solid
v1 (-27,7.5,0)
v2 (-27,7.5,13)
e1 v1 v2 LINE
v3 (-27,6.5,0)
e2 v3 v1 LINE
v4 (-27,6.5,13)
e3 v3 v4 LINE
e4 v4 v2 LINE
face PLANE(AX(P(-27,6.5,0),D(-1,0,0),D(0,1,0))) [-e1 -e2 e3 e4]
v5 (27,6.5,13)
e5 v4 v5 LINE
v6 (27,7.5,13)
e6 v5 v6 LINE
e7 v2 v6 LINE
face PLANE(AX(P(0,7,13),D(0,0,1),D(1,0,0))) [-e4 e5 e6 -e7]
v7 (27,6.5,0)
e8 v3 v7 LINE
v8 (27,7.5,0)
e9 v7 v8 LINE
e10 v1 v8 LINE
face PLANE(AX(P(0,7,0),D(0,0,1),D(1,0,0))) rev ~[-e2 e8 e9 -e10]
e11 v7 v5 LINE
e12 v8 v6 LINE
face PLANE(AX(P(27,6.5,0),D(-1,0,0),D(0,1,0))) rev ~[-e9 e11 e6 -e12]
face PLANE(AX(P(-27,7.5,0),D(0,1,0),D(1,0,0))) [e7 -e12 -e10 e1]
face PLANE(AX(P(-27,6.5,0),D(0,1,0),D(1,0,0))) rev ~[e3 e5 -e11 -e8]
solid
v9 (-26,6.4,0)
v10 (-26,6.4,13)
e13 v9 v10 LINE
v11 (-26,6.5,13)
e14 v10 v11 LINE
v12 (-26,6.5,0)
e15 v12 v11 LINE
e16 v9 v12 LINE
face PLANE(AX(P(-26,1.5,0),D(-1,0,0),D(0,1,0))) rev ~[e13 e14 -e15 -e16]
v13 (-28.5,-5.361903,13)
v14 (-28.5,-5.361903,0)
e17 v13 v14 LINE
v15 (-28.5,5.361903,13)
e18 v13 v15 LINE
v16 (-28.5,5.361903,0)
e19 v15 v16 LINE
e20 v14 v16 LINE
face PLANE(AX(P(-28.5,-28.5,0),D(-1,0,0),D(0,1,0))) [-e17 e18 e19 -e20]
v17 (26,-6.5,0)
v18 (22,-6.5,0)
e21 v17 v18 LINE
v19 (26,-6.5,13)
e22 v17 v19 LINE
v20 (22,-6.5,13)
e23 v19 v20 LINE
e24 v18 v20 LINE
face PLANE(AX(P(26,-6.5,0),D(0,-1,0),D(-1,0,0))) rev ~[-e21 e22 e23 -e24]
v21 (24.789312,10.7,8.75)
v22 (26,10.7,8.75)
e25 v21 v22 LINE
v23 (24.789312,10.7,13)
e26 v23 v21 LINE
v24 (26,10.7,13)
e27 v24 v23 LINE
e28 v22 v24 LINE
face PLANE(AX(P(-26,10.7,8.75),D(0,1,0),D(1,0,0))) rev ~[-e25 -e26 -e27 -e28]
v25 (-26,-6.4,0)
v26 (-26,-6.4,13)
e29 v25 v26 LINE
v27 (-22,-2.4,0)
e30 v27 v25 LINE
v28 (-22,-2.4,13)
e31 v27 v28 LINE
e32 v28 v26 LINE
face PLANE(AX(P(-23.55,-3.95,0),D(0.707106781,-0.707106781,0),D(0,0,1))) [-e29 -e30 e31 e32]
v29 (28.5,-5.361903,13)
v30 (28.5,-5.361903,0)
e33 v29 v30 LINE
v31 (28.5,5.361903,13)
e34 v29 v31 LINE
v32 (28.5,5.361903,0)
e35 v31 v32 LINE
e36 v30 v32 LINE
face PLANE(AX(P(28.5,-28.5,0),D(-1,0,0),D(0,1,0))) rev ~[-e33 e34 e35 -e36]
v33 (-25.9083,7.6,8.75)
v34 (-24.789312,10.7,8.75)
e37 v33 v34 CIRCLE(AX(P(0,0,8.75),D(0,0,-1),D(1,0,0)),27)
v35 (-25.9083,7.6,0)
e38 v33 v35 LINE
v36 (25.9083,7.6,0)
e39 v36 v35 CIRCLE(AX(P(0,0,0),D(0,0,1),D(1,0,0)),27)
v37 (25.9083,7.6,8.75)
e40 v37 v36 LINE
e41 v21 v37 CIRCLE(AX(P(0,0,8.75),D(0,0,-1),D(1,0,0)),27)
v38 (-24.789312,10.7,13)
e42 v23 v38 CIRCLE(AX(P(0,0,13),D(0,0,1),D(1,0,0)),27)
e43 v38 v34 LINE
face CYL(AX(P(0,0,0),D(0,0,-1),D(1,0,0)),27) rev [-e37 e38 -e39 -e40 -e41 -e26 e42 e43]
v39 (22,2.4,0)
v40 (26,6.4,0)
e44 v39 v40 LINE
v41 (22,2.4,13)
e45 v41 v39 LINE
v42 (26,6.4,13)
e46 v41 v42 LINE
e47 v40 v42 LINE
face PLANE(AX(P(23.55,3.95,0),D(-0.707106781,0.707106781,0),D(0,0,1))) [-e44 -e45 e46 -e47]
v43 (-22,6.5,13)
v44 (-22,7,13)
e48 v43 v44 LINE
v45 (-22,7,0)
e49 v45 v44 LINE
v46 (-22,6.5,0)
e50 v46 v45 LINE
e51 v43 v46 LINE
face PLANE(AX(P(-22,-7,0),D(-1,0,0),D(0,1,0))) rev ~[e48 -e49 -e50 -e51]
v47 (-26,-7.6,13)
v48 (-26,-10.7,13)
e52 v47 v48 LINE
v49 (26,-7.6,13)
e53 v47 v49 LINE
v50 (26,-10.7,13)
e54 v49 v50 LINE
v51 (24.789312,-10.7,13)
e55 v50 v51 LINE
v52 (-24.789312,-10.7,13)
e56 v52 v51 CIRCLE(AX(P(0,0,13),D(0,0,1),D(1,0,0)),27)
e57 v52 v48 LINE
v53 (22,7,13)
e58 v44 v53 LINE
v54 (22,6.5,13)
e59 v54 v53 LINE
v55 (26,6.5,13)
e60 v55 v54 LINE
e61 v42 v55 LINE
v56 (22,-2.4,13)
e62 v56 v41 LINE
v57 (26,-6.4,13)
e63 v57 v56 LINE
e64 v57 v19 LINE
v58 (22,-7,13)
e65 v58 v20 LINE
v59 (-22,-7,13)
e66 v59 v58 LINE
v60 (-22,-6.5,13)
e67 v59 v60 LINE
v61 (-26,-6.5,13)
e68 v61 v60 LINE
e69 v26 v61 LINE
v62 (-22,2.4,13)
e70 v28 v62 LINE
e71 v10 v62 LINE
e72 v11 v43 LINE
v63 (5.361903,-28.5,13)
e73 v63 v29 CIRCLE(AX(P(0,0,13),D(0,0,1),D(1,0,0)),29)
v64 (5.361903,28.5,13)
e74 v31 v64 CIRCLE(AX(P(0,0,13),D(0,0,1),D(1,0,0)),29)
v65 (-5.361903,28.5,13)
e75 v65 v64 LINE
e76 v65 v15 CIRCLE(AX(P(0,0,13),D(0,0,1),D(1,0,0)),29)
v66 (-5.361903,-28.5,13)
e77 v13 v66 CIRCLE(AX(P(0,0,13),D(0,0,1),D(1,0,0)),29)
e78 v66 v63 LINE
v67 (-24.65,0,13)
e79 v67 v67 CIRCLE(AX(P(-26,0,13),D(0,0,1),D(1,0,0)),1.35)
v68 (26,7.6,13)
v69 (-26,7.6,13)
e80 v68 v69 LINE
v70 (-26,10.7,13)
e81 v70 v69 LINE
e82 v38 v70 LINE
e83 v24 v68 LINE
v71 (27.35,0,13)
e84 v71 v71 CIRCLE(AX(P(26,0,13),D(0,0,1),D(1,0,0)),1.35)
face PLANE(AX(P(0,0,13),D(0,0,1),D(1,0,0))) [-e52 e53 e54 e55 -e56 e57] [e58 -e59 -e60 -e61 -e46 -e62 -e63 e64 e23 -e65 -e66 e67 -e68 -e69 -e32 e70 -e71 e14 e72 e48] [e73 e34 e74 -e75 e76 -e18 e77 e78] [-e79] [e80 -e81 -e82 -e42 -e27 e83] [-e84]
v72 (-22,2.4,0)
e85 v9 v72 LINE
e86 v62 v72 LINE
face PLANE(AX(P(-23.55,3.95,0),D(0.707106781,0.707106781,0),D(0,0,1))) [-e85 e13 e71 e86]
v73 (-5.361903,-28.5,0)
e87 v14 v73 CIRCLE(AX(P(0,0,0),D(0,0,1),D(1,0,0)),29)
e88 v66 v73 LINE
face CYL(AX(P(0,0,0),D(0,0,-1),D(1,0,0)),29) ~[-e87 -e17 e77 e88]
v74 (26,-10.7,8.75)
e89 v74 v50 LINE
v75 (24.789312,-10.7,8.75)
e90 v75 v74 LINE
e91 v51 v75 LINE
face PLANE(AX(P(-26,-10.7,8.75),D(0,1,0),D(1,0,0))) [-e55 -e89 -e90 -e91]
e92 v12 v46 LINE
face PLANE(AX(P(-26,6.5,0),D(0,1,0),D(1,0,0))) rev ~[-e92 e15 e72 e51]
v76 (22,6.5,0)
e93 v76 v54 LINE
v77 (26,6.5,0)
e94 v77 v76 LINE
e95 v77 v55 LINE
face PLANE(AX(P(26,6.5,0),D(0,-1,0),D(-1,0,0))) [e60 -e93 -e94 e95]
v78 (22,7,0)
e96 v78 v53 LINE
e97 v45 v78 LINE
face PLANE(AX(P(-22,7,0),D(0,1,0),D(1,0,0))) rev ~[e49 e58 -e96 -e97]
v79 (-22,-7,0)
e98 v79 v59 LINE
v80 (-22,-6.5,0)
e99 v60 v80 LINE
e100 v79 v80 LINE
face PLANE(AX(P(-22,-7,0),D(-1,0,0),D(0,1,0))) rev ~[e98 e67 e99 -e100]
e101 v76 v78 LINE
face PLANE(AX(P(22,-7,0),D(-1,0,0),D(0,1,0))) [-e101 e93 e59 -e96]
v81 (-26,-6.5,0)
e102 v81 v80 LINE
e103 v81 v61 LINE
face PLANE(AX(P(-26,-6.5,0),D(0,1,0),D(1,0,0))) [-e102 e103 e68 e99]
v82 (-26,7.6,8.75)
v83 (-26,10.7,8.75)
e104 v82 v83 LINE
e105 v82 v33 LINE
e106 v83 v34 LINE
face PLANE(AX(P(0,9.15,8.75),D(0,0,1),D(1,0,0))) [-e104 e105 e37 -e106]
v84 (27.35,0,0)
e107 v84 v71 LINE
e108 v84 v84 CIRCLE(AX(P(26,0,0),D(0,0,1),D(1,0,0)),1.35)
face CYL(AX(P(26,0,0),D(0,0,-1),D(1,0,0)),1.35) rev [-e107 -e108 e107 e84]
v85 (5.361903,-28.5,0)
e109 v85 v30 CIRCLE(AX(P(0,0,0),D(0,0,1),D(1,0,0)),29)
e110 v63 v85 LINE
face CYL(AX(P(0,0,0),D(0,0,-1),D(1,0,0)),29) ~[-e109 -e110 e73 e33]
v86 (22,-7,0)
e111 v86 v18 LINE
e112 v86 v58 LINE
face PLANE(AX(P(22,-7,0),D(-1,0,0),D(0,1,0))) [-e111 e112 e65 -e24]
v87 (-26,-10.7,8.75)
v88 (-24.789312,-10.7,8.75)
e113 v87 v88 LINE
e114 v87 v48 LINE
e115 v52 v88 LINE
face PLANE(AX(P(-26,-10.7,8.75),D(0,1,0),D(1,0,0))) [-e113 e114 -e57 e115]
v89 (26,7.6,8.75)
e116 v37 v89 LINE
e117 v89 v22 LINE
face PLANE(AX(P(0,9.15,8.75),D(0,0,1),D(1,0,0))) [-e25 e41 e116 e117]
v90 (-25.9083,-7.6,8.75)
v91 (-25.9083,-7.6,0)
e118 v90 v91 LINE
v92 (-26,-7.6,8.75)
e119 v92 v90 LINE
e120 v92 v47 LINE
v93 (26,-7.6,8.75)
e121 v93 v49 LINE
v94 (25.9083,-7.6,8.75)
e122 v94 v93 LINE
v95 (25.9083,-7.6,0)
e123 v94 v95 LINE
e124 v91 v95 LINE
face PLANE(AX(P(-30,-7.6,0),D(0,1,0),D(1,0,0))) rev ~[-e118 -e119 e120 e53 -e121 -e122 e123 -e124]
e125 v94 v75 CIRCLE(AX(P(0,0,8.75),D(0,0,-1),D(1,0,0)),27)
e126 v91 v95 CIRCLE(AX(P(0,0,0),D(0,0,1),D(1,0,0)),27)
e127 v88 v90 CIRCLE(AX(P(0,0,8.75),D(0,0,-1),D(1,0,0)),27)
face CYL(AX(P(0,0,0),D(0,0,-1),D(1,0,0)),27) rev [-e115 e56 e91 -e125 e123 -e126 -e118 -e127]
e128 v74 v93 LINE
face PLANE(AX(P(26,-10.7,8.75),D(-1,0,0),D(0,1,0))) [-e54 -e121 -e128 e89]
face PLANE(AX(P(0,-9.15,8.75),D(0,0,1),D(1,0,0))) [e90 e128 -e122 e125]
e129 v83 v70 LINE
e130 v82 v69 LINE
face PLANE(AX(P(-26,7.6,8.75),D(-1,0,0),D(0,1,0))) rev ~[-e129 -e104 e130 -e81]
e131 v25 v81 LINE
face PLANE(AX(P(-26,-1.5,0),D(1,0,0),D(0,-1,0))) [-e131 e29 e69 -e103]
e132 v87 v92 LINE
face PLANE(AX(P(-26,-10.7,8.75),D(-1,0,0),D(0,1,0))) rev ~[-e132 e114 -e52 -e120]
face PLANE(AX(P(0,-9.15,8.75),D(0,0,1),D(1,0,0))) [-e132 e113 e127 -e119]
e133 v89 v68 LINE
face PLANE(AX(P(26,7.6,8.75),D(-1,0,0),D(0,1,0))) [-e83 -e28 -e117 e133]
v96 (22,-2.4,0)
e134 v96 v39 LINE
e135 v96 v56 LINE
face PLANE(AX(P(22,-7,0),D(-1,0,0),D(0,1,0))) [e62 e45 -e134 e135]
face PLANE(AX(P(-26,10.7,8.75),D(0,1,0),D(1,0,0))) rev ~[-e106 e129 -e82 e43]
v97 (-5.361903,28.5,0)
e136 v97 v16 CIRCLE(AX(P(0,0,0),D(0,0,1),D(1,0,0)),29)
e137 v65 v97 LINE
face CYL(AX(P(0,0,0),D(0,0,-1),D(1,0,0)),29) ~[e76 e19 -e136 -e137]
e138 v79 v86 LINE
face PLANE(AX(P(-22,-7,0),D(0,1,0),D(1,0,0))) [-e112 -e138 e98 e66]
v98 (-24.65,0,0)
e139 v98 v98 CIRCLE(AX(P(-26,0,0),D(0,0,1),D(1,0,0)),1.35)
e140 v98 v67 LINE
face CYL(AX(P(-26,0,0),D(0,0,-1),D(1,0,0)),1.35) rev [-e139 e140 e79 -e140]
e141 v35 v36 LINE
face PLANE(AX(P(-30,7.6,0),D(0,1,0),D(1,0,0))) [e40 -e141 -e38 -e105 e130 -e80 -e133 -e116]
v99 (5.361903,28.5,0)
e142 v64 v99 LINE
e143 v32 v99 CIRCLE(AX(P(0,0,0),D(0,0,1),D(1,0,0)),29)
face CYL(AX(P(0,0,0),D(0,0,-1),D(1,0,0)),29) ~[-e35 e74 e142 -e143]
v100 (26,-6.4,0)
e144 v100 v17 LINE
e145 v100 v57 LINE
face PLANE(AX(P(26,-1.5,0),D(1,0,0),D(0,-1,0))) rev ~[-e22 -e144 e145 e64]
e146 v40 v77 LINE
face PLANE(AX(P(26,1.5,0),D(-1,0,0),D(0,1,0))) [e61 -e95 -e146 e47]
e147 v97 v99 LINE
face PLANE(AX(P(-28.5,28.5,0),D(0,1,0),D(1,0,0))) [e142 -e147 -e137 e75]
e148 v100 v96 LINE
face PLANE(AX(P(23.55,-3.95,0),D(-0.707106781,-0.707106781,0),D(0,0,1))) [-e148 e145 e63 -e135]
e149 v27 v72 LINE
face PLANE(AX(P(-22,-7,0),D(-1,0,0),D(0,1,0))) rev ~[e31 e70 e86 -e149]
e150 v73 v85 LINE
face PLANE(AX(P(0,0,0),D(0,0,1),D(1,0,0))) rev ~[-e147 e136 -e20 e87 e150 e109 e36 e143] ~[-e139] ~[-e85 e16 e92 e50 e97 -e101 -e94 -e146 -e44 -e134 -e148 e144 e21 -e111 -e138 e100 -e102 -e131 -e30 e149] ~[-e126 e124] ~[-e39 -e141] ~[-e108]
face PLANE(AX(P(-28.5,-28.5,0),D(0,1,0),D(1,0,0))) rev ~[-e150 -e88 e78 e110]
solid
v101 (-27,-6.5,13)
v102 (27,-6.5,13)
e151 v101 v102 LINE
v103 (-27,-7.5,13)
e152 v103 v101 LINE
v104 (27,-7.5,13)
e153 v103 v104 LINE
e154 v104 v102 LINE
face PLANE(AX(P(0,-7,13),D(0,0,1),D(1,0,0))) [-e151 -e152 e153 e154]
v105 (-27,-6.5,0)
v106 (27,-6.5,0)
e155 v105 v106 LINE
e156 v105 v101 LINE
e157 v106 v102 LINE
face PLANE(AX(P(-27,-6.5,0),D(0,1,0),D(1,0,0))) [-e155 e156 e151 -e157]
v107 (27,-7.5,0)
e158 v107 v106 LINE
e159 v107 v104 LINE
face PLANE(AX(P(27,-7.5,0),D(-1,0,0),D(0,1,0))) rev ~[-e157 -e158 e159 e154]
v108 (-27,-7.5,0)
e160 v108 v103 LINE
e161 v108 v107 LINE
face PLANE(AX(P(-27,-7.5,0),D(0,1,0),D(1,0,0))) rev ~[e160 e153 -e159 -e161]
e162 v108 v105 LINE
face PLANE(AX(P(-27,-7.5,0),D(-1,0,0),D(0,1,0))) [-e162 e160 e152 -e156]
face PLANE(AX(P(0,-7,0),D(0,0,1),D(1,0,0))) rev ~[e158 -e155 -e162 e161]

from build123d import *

# Parameters (mm, degrees)
BOX007_W                   = 54
BOX007_H                   = 1
BOX007_DEPTH               = 13
BOX008_W                   = 54
BOX008_H                   = 1
BOX008_DEPTH               = 13
BOX011_W                   = 5
BOX011_H                   = 5
BOX011_DEPTH               = 13
CHAMFER003_SIZE            = 4.9
CHAMFER003_PLACEMENT_ANGLE = -90
BOX010_W                   = 5
BOX010_H                   = 5
BOX010_DEPTH               = 13
CHAMFER002_SIZE            = 4.9
CHAMFER002_PLACEMENT_ANGLE = 180
BOX009_W                   = 5
BOX009_H                   = 5
BOX009_DEPTH               = 13
CHAMFER001_SIZE            = 4.9
CHAMFER001_PLACEMENT_ANGLE = 90
BOX006_W                   = 5
BOX006_H                   = 5
BOX006_DEPTH               = 13
CHAMFER_SIZE               = 4.9
BOX003_W                   = 44
BOX003_H                   = 14
BOX003_DEPTH               = 13
BOX002_W                   = 52
BOX002_H                   = 3.1
BOX002_DEPTH               = 4.3
BOX001_W                   = 52
BOX001_H                   = 3.1
BOX001_DEPTH               = 4.3
BOX005_W                   = 60
BOX005_H                   = 60
BOX005_DEPTH               = 13
CYLINDER004_R              = 27
CYLINDER004_DEPTH          = 13
BOX004_W                   = 60
BOX004_H                   = 60
BOX004_DEPTH               = 13
CYLINDER003_R              = 27
CYLINDER003_DEPTH          = 13
CYLINDER002_R              = 1.35
CYLINDER002_DEPTH          = 13
CYLINDER001_R              = 1.35
CYLINDER001_DEPTH          = 13
BOX_W                      = 57
BOX_H                      = 57
BOX_DEPTH                  = 13
CYLINDER_R                 = 29
CYLINDER_DEPTH             = 13


with BuildPart() as cube007:
    # Box007 → Box007 (new body)
    with BuildSketch(Plane(origin=(-27, 6.5, 0), x_dir=(1, 0, 0), z_dir=(0, 0, 1))):
        with Locations((27, 0.5)):
            Rectangle(BOX007_W, BOX007_H)
    extrude(amount=BOX007_DEPTH)


with BuildPart() as cube008:
    # Box008 → Box008 (new body)
    with BuildSketch(Plane(origin=(-27, -7.5, 0), x_dir=(1, 0, 0), z_dir=(0, 0, 1))):
        with Locations((27, 0.5)):
            Rectangle(BOX008_W, BOX008_H)
    extrude(amount=BOX008_DEPTH)


with BuildPart() as chamfer003:
    # Box011 → Box011 (new body)
    with BuildSketch(Plane.XY):
        with Locations((2.5, 2.5)):
            Rectangle(BOX011_W, BOX011_H)
    extrude(amount=BOX011_DEPTH)

    # Chamfer003
    chamfer003_edges = [chamfer003.edges().sort_by_distance(p)[0] for p in [
        (0, 0, 6.5),
    ]]
    chamfer(chamfer003_edges, length=CHAMFER003_SIZE)


with BuildPart() as chamfer003_1:
    # Chamfer003 placement: moved
    add(chamfer003.part.moved(Location((-26, -1.5, 0))).rotate(Axis((-26, -1.5, 0), (0, 0, 1)), CHAMFER003_PLACEMENT_ANGLE))


with BuildPart() as chamfer002:
    # Box010 → Box010 (new body)
    with BuildSketch(Plane.XY):
        with Locations((2.5, 2.5)):
            Rectangle(BOX010_W, BOX010_H)
    extrude(amount=BOX010_DEPTH)

    # Chamfer002
    chamfer002_edges = [chamfer002.edges().sort_by_distance(p)[0] for p in [
        (0, 0, 6.5),
    ]]
    chamfer(chamfer002_edges, length=CHAMFER002_SIZE)


with BuildPart() as chamfer002_1:
    # Chamfer002 placement: moved
    add(chamfer002.part.moved(Location((26, -1.5, 0))).rotate(Axis((26, -1.5, 0), (0, 0, 1)), CHAMFER002_PLACEMENT_ANGLE))


with BuildPart() as chamfer001:
    # Box009 → Box009 (new body)
    with BuildSketch(Plane.XY):
        with Locations((2.5, 2.5)):
            Rectangle(BOX009_W, BOX009_H)
    extrude(amount=BOX009_DEPTH)

    # Chamfer001
    chamfer001_edges = [chamfer001.edges().sort_by_distance(p)[0] for p in [
        (0, 0, 6.5),
    ]]
    chamfer(chamfer001_edges, length=CHAMFER001_SIZE)


with BuildPart() as chamfer001_1:
    # Chamfer001 placement: moved
    add(chamfer001.part.moved(Location((26, 1.5, 0))).rotate(Axis((26, 1.5, 0), (0, 0, 1)), CHAMFER001_PLACEMENT_ANGLE))


with BuildPart() as chamfer_body:
    # Box006 → Box006 (new body)
    with BuildSketch(Plane.XY):
        with Locations((2.5, 2.5)):
            Rectangle(BOX006_W, BOX006_H)
    extrude(amount=BOX006_DEPTH)

    # Chamfer
    chamfer_edges = [chamfer_body.edges().sort_by_distance(p)[0] for p in [
        (0, 0, 6.5),
    ]]
    chamfer(chamfer_edges, length=CHAMFER_SIZE)


with BuildPart() as chamfer_body_1:
    # Chamfer placement: moved
    add(chamfer_body.part.moved(Location((-26, 1.5, 0))))


with BuildPart() as cube003:
    # Box003 → Box003 (new body)
    with BuildSketch(Plane(origin=(-22, -7, 0), x_dir=(1, 0, 0), z_dir=(0, 0, 1))):
        with Locations((22, 7)):
            Rectangle(BOX003_W, BOX003_H)
    extrude(amount=BOX003_DEPTH)


with BuildPart() as cube002:
    # Box002 → Box002 (new body)
    with BuildSketch(Plane(origin=(-26, -10.7, 8.75), x_dir=(1, 0, 0), z_dir=(0, 0, 1))):
        with Locations((26, 1.55)):
            Rectangle(BOX002_W, BOX002_H)
    extrude(amount=BOX002_DEPTH)


with BuildPart() as cube001:
    # Box001 → Box001 (new body)
    with BuildSketch(Plane(origin=(-26, 7.6, 8.75), x_dir=(1, 0, 0), z_dir=(0, 0, 1))):
        with Locations((26, 1.55)):
            Rectangle(BOX001_W, BOX001_H)
    extrude(amount=BOX001_DEPTH)


with BuildPart() as cube005:
    # Box005 → Box005 (new body)
    with BuildSketch(Plane(origin=(-30, -52.4, 0), x_dir=(1, 0, 0), z_dir=(0, 0, 1))):
        with Locations((30, 30)):
            Rectangle(BOX005_W, BOX005_H)
    extrude(amount=BOX005_DEPTH)


with BuildPart() as cut003:
    # Cylinder004 → Cylinder004 (new body)
    with BuildSketch(Plane.XY):
        Circle(CYLINDER004_R)
    extrude(amount=CYLINDER004_DEPTH)

    # Cut003: cut Cube005
    add(cube005.part, mode=Mode.SUBTRACT)


with BuildPart() as cube004:
    # Box004 → Box004 (new body)
    with BuildSketch(Plane(origin=(-30, -7.6, 0), x_dir=(1, 0, 0), z_dir=(0, 0, 1))):
        with Locations((30, 30)):
            Rectangle(BOX004_W, BOX004_H)
    extrude(amount=BOX004_DEPTH)


with BuildPart() as cut002:
    # Cylinder003 → Cylinder003 (new body)
    with BuildSketch(Plane.XY):
        Circle(CYLINDER003_R)
    extrude(amount=CYLINDER003_DEPTH)

    # Cut002: cut Cube004
    add(cube004.part, mode=Mode.SUBTRACT)


with BuildPart() as cylinder002:
    # Cylinder002 → Cylinder002 (new body)
    with BuildSketch(Plane(origin=(-26, 0, 0), x_dir=(1, 0, 0), z_dir=(0, 0, 1))):
        Circle(CYLINDER002_R)
    extrude(amount=CYLINDER002_DEPTH)


with BuildPart() as cylinder001:
    # Cylinder001 → Cylinder001 (new body)
    with BuildSketch(Plane(origin=(26, 0, 0), x_dir=(1, 0, 0), z_dir=(0, 0, 1))):
        Circle(CYLINDER001_R)
    extrude(amount=CYLINDER001_DEPTH)


with BuildPart() as cube:
    # Box → Box (new body)
    with BuildSketch(Plane(origin=(-28.5, -28.5, 0), x_dir=(1, 0, 0), z_dir=(0, 0, 1))):
        with Locations((28.5, 28.5)):
            Rectangle(BOX_W, BOX_H)
    extrude(amount=BOX_DEPTH)


with BuildPart() as cut012:
    # Cylinder → Cylinder (new body)
    with BuildSketch(Plane.XY):
        Circle(CYLINDER_R)
    extrude(amount=CYLINDER_DEPTH)

    # Common: intersect Cube
    add(cube.part, mode=Mode.INTERSECT)

    # Cut: cut Cylinder001
    add(cylinder001.part, mode=Mode.SUBTRACT)

    # Cut001: cut Cylinder002
    add(cylinder002.part, mode=Mode.SUBTRACT)

    # Cut004: cut Cut002
    add(cut002.part, mode=Mode.SUBTRACT)

    # Cut005: cut Cut003
    add(cut003.part, mode=Mode.SUBTRACT)

    # Cut006: cut Cube001
    add(cube001.part, mode=Mode.SUBTRACT)

    # Cut007: cut Cube002
    add(cube002.part, mode=Mode.SUBTRACT)

    # Cut008: cut Cube003
    add(cube003.part, mode=Mode.SUBTRACT)

    # Cut009: cut Chamfer body
    add(chamfer_body_1.part, mode=Mode.SUBTRACT)

    # Cut010: cut Chamfer001
    add(chamfer001_1.part, mode=Mode.SUBTRACT)

    # Cut011: cut Chamfer002
    add(chamfer002_1.part, mode=Mode.SUBTRACT)

    # Cut012: cut Chamfer003
    add(chamfer003_1.part, mode=Mode.SUBTRACT)


solid = Compound([cube007.part, cube008.part, cut012.part])
